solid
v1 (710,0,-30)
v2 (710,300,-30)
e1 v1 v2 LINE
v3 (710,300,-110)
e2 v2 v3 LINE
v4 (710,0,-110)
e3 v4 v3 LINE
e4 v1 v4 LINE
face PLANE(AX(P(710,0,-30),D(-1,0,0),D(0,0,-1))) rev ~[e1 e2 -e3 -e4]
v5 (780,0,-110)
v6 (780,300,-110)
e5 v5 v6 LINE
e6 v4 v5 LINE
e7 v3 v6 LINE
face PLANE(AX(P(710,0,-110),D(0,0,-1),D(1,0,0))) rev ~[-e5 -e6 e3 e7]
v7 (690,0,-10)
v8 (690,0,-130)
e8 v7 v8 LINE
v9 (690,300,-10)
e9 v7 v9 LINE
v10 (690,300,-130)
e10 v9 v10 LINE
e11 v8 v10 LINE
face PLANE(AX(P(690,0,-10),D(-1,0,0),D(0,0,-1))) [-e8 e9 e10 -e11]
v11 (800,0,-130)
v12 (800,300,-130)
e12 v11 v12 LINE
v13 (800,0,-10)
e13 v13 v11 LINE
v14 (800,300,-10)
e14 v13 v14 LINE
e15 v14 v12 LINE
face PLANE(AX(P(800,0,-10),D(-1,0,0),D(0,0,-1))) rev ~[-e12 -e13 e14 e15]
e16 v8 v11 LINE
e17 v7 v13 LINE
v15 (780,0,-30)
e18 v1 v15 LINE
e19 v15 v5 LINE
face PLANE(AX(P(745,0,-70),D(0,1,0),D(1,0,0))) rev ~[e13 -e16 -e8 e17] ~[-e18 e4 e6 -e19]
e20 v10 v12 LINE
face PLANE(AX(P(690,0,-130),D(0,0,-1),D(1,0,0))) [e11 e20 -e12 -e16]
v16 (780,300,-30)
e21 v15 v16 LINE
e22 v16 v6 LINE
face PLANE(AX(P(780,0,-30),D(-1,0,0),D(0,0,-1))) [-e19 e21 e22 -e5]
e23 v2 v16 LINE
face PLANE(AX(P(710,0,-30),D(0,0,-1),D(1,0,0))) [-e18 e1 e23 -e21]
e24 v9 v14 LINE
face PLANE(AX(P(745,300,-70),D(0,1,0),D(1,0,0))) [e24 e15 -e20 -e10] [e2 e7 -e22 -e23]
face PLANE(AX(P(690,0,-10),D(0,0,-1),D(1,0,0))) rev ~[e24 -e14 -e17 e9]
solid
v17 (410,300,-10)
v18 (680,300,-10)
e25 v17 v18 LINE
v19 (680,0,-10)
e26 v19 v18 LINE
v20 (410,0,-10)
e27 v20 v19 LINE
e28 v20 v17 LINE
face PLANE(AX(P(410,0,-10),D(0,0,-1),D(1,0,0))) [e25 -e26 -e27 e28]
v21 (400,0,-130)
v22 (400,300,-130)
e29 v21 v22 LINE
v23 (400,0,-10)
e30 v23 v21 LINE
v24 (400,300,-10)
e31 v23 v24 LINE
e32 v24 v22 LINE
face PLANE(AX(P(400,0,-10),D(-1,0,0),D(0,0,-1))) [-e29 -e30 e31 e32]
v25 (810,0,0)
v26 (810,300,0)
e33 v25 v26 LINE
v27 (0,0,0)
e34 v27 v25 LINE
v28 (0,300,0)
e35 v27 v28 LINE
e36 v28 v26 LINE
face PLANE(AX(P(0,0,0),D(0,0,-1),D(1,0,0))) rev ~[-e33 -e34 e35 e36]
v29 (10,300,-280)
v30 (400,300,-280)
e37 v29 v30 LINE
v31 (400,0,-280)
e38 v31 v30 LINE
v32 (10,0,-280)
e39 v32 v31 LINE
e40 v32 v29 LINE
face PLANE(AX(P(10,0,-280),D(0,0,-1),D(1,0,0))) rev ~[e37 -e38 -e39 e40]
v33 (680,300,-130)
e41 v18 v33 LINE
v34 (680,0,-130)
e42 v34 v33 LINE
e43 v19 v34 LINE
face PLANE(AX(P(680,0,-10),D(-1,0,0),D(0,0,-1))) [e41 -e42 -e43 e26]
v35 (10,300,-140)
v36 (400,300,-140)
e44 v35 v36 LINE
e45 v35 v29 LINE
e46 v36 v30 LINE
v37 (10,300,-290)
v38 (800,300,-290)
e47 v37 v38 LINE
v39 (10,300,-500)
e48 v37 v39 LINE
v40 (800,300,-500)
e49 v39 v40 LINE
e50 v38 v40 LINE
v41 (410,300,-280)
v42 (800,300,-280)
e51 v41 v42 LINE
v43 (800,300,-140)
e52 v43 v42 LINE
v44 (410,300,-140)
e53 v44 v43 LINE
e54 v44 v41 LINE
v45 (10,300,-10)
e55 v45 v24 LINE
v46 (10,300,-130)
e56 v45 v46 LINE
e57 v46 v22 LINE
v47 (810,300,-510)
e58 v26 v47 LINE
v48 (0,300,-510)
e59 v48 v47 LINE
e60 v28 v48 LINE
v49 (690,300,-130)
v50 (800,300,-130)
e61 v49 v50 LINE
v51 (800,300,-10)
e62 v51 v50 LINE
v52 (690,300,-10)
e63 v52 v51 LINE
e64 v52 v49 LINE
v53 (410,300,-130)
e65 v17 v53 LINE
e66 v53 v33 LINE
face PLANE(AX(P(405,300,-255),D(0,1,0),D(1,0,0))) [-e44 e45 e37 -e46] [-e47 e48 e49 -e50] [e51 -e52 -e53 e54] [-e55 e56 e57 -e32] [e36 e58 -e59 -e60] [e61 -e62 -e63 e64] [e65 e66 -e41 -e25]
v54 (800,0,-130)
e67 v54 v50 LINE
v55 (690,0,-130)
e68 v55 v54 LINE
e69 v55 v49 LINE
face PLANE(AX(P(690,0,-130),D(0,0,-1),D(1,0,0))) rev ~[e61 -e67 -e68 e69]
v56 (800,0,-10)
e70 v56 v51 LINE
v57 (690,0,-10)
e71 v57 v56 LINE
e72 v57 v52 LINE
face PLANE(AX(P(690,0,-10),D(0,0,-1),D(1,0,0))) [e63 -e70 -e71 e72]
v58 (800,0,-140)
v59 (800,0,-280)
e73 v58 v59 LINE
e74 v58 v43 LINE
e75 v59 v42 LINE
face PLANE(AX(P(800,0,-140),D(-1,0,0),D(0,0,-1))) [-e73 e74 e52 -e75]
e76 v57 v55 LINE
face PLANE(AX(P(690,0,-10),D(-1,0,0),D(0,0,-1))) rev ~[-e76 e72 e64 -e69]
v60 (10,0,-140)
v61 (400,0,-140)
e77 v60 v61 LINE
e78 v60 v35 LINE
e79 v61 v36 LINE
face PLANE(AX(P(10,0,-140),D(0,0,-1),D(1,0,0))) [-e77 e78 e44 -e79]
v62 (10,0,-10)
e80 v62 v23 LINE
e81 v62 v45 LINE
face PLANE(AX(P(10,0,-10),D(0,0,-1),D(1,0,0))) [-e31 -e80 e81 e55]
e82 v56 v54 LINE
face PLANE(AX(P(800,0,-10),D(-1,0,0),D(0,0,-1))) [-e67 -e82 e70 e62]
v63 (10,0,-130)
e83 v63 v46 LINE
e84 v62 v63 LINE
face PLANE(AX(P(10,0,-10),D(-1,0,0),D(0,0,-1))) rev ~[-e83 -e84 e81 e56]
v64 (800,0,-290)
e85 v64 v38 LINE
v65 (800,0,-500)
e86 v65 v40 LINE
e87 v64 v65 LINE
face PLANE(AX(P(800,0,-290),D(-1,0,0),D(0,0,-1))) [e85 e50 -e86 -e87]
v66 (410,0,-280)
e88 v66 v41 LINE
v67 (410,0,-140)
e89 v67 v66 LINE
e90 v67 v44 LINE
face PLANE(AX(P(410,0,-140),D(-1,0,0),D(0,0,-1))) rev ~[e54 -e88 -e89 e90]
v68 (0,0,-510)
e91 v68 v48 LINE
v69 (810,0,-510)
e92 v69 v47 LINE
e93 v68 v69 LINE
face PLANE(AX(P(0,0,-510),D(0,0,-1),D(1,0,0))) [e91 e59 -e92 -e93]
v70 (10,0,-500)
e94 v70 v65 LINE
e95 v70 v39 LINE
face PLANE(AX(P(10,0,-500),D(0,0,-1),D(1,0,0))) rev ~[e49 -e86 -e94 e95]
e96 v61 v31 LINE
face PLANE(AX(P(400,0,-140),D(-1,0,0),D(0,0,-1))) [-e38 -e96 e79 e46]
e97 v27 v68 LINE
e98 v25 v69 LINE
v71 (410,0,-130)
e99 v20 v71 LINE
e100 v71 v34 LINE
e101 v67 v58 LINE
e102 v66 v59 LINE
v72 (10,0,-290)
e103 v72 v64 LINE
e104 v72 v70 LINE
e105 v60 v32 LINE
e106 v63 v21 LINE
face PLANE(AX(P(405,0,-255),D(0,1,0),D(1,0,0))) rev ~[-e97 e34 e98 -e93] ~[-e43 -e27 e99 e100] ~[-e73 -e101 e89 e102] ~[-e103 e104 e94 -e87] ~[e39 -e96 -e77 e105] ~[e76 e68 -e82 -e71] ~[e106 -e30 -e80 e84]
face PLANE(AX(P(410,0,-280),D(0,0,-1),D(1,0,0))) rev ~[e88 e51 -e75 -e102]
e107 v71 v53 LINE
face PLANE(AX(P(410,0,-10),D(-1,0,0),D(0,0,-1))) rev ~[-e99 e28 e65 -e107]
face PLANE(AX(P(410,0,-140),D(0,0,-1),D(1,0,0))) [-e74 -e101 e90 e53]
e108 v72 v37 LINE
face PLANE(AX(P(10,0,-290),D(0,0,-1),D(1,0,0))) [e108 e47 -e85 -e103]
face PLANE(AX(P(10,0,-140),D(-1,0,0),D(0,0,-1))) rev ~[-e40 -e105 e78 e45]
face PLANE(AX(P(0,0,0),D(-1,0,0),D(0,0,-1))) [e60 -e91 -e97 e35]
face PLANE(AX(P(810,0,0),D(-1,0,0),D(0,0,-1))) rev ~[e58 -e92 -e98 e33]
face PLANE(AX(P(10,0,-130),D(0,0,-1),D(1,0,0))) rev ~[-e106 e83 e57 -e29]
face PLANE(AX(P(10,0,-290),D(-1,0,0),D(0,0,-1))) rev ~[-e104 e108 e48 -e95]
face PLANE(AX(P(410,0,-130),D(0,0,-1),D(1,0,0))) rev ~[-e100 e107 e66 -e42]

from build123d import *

# Parameters (mm, degrees)
SKETCH_1_W         = 810
SKETCH_1_H         = 510
SKETCH_1_W_2       = 790
SKETCH_1_H_2       = 210
SKETCH_1_W_3       = 390
SKETCH_1_H_3       = 120
SKETCH_1_H_4       = 140
SKETCH_1_W_4       = 270
SKETCH_1_W_5       = 110
EXTRUDE_772_DEPTH  = 300
SKETCH_3_W         = 110
SKETCH_3_H         = 120
SKETCH_3_W_2       = 70
SKETCH_3_H_2       = 80
EXTRUDE_1059_DEPTH = 300


with BuildPart() as part:
    # 草图1 → Extrude 772 (new body)
    with BuildSketch(Plane(origin=(0, 0, 0), x_dir=(1, 0, 0), z_dir=(0, 1, 0))):
        with Locations((405, 255)):
            Rectangle(SKETCH_1_W, SKETCH_1_H)
        with Locations((405, 395)):
            Rectangle(SKETCH_1_W_2, SKETCH_1_H_2, mode=Mode.SUBTRACT)
        with Locations((205, 70)):
            Rectangle(SKETCH_1_W_3, SKETCH_1_H_3, mode=Mode.SUBTRACT)
        with Locations((205, 210)):
            Rectangle(SKETCH_1_W_3, SKETCH_1_H_4, mode=Mode.SUBTRACT)
        with Locations((605, 210)):
            Rectangle(SKETCH_1_W_3, SKETCH_1_H_4, mode=Mode.SUBTRACT)
        with Locations((545, 70)):
            Rectangle(SKETCH_1_W_4, SKETCH_1_H_3, mode=Mode.SUBTRACT)
        with Locations((745, 70)):
            Rectangle(SKETCH_1_W_5, SKETCH_1_H_3, mode=Mode.SUBTRACT)
    extrude(amount=EXTRUDE_772_DEPTH)


with BuildPart() as body_2:
    # 草图3 → Extrude 1059 (new body)
    with BuildSketch(Plane(origin=(0, 0, 0), x_dir=(1, 0, 0), z_dir=(0, 1, 0))):
        with Locations((745, 70)):
            Rectangle(SKETCH_3_W, SKETCH_3_H)
        with Locations((745, 70)):
            Rectangle(SKETCH_3_W_2, SKETCH_3_H_2, mode=Mode.SUBTRACT)
    extrude(amount=EXTRUDE_1059_DEPTH)


solid = Compound([part.part, body_2.part])
